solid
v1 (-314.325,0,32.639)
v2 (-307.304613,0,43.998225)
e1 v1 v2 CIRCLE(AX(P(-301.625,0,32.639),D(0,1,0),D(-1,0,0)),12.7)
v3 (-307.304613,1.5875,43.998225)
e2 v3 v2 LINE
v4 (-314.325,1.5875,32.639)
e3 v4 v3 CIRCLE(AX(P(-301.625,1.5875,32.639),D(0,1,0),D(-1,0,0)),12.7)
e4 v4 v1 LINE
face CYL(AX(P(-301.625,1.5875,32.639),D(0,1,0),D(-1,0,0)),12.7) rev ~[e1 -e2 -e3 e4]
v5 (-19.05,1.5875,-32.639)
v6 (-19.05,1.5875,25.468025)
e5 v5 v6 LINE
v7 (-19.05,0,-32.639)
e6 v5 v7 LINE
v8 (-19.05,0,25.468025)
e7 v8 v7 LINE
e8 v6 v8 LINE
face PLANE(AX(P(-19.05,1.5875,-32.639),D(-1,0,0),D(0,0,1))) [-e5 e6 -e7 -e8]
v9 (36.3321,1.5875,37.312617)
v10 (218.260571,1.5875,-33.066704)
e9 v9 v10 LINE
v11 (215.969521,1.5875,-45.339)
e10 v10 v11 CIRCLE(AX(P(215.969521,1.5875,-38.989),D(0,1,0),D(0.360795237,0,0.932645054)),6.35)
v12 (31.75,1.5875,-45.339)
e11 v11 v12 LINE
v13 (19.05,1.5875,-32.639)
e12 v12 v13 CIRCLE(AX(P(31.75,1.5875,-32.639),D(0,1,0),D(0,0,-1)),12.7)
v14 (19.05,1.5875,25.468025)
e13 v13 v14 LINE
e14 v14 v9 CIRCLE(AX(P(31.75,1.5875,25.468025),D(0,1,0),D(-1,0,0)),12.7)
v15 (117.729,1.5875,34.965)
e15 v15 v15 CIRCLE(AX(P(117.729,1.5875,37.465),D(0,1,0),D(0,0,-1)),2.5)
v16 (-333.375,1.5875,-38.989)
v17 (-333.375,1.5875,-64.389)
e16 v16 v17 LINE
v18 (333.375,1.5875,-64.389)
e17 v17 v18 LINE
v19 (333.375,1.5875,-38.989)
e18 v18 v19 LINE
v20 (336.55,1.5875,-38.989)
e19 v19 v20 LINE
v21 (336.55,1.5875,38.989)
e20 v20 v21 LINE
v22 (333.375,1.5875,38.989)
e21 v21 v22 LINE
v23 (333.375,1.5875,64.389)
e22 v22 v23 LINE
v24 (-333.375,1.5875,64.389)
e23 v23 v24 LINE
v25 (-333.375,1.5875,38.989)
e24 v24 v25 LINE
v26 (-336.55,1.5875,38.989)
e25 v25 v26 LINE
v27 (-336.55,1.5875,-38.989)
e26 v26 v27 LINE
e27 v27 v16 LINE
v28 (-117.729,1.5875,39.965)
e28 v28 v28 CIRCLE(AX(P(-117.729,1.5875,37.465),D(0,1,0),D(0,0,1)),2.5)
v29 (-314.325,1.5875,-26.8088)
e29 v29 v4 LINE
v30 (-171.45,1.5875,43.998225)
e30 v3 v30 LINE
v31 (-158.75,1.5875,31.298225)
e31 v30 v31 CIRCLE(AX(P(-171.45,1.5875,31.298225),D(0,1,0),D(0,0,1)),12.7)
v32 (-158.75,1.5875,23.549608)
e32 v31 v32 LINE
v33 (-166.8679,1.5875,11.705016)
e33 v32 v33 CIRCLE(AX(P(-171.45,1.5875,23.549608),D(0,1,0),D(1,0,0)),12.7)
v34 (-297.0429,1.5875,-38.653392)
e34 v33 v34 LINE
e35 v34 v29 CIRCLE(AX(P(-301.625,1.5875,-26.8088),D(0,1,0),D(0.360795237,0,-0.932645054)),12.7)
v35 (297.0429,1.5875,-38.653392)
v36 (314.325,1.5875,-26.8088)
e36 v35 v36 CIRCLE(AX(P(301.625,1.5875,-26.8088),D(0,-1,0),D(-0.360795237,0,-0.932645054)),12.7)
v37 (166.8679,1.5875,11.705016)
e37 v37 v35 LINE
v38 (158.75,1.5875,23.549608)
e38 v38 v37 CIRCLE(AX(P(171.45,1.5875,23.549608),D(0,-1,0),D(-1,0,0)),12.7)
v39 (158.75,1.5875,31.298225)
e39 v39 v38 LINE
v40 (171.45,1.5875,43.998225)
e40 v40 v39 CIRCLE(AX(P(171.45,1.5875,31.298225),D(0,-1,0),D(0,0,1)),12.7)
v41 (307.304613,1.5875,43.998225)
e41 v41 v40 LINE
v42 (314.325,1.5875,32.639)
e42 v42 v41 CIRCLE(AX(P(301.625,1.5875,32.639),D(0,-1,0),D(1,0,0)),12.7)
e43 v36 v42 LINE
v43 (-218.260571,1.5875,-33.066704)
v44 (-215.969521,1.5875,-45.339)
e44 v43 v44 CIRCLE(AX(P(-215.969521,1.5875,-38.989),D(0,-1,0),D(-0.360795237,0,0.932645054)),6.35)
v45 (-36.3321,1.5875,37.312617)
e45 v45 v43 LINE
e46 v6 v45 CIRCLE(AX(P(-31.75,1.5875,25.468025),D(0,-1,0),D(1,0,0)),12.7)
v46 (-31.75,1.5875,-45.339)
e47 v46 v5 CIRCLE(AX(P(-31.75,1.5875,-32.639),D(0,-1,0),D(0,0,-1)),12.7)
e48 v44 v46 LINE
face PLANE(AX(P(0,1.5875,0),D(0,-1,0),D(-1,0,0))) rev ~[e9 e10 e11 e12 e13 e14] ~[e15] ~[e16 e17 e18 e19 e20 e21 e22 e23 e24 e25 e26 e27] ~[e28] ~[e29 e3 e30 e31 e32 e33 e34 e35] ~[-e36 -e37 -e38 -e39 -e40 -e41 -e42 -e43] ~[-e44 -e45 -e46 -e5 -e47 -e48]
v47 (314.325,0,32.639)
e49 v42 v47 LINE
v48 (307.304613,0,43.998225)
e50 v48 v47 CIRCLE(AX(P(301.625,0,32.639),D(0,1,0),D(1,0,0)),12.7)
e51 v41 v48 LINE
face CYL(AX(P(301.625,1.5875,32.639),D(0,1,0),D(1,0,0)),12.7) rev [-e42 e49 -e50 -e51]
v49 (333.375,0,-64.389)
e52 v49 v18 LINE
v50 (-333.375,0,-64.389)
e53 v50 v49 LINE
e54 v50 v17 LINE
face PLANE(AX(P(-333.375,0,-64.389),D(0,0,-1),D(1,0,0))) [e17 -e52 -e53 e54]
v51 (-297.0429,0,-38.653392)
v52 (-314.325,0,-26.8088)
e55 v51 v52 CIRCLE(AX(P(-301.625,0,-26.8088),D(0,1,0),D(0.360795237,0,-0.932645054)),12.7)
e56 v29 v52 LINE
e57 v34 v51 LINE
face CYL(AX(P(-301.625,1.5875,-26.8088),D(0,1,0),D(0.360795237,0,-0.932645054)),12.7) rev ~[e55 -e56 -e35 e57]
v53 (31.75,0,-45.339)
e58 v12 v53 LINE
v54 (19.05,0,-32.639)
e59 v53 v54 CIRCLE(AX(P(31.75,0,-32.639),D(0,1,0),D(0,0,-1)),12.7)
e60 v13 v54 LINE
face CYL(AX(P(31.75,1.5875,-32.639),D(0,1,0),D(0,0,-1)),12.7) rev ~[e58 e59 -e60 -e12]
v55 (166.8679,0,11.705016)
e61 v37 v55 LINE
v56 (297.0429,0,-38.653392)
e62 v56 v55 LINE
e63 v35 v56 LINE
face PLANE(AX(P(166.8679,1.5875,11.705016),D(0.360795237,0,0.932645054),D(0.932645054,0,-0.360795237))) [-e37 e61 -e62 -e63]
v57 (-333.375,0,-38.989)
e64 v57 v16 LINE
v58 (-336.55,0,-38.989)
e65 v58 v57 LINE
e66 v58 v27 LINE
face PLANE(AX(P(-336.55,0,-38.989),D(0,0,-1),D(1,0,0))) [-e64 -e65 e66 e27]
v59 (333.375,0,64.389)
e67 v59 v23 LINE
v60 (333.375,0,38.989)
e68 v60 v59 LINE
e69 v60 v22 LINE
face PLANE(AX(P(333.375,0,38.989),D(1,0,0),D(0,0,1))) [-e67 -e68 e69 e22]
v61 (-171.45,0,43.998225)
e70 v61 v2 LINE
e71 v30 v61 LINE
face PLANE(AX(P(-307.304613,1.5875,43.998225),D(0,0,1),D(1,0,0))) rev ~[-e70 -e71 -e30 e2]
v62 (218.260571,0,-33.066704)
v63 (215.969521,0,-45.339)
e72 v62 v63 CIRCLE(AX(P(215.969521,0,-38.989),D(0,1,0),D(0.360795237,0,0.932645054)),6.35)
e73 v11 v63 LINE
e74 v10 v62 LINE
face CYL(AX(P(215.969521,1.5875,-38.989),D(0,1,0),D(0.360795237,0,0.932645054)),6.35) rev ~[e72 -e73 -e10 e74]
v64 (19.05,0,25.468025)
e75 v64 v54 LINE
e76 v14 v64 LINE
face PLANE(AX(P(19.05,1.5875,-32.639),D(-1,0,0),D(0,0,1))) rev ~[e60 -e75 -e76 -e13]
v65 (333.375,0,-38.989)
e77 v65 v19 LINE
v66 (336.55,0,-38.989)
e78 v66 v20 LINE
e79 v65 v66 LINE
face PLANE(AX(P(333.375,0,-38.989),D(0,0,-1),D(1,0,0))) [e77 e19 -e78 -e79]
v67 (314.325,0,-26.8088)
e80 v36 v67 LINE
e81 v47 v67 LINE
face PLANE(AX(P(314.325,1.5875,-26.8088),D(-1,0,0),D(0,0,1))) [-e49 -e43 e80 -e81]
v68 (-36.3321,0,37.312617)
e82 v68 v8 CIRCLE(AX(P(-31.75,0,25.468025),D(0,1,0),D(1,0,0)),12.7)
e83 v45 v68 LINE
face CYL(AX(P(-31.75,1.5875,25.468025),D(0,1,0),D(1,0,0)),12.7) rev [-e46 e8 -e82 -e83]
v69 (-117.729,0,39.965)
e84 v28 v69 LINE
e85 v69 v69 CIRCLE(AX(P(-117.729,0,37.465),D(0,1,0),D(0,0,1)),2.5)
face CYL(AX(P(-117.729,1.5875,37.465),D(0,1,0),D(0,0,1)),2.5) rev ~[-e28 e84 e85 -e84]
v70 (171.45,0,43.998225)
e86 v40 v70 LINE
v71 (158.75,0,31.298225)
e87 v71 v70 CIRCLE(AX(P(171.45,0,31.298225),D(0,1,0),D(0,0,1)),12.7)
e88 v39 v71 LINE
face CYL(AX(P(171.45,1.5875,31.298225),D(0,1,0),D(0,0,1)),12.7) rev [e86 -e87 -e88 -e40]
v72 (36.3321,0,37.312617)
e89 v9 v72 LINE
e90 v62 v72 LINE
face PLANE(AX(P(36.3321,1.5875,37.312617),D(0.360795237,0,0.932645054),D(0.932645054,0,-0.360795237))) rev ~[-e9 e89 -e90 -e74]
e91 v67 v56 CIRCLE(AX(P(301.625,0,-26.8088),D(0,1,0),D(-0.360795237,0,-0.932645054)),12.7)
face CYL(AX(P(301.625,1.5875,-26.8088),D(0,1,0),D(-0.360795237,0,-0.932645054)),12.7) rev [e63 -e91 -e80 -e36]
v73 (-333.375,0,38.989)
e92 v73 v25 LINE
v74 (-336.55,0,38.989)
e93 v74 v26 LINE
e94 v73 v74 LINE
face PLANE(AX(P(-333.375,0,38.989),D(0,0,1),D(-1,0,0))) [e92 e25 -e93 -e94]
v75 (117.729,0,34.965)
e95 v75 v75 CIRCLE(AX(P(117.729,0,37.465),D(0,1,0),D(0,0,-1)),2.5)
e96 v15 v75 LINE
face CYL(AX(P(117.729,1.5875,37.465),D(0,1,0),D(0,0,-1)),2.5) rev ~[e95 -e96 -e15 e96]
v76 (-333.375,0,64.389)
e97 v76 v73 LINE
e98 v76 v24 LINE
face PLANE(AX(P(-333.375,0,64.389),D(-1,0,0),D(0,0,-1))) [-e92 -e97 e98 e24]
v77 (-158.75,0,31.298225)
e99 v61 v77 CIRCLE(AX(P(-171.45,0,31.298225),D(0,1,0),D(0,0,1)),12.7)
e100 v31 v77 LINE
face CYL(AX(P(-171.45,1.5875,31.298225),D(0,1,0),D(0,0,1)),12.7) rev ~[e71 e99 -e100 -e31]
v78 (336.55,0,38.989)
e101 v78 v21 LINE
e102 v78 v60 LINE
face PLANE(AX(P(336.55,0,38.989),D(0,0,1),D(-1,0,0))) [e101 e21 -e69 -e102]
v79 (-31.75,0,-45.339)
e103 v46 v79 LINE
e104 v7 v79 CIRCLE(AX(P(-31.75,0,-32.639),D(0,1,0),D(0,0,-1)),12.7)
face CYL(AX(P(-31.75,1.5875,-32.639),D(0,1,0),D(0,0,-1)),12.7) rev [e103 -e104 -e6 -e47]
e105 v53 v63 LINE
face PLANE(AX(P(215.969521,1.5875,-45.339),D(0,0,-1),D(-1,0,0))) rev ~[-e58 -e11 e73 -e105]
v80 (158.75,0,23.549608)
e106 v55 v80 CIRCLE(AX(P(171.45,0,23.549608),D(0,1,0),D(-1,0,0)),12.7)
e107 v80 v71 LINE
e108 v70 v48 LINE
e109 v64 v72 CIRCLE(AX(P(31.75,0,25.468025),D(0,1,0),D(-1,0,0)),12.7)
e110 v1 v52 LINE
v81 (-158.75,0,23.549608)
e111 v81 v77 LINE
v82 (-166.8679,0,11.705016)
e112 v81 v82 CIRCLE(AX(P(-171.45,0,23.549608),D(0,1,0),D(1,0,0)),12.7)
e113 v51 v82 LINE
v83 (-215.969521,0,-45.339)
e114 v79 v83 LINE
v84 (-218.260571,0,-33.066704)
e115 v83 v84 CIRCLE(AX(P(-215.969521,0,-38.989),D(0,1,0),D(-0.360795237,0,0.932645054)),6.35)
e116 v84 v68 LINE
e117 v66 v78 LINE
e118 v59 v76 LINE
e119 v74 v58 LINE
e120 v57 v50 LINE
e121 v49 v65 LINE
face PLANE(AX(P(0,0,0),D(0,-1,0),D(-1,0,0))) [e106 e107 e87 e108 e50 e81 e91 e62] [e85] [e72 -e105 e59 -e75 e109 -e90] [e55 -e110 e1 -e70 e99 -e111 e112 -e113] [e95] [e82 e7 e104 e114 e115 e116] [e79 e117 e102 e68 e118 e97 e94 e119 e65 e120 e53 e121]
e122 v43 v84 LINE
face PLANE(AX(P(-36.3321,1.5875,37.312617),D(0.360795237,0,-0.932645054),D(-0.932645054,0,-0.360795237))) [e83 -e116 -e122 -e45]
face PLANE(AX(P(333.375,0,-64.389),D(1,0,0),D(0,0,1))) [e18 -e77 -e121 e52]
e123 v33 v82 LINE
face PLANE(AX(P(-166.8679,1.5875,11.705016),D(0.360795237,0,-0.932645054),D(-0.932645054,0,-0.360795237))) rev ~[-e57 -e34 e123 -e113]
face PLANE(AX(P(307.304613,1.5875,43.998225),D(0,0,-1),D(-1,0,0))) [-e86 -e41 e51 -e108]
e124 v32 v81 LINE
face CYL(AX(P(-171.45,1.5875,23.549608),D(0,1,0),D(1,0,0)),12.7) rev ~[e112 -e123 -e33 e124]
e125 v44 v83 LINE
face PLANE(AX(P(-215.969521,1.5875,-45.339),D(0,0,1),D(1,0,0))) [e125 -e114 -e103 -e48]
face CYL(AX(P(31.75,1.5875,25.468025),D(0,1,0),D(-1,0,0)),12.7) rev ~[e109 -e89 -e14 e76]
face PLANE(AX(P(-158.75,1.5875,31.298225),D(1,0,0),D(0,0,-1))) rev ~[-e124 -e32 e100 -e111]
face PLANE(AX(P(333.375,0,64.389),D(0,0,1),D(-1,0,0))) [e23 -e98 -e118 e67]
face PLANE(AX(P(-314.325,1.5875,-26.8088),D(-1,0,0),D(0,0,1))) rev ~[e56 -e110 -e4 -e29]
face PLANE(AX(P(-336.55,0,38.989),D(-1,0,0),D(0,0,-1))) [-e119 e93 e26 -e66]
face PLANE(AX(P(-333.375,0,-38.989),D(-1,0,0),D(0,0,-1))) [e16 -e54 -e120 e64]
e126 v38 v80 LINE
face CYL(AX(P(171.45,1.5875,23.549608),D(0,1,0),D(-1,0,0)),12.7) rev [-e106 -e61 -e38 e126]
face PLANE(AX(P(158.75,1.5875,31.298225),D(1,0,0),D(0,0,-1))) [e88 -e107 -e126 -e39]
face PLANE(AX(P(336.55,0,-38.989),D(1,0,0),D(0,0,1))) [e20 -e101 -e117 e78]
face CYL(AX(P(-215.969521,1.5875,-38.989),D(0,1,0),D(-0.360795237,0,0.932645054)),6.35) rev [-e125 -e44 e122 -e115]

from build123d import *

# Parameters (mm, degrees)
BOSS_EXTRUDE1_DEPTH = 1.5875
CUT_EXTRUDE2_DEPTH  = 343.657797193
SKETCH4_R           = 2.5
CUT_EXTRUDE3_DEPTH  = 343.657797193


with BuildPart() as part:
    # Sketch1 → Boss-Extrude1 (new body)
    with BuildSketch(Plane(origin=(0, 0, 0), x_dir=(1, 0, 0), z_dir=(0, 1, 0))):
        Polygon((-333.375, 38.989), (-333.375, 64.389), (333.375, 64.389), (333.375, 38.989), (336.55, 38.989), (336.55, -38.989), (333.375, -38.989), (333.375, -64.389), (-333.375, -64.389), (-333.375, -38.989), (-336.55, -38.989), (-336.55, 38.989), align=None)
    extrude(amount=BOSS_EXTRUDE1_DEPTH)

    # Sketch3 → Cut-Extrude2 (cut, through all)
    with BuildSketch(Plane(origin=(0, 1.5875, 0), x_dir=(1, 0, 0), z_dir=(0, 1, 0))):
        with BuildLine():
            Line((-314.325, 26.808799864), (-314.325, -32.639))
            ThreePointArc((-314.325, -32.639), (-312.428265266, -39.315785124), (-307.304612663, -43.998225326))
            Line((-307.304612663, -43.998225326), (-171.45, -43.998225326))
            ThreePointArc((-171.45, -43.998225326), (-162.469743879, -40.278481447), (-158.75, -31.298225326))
            Line((-158.75, -31.298225326), (-158.75, -23.549607936))
            ThreePointArc((-158.75, -23.549607936), (-160.974250295, -16.369867821), (-166.867900491, -11.705015748))
            Line((-166.867900491, -11.705015748), (-297.042900491, 38.653392051))
            ThreePointArc((-297.042900491, 38.653392051), (-308.804740115, 37.284549569), (-314.325, 26.808799864))
        make_face()
        with BuildLine():
            Line((-215.969521054, 45.339), (-31.75, 45.339))
            ThreePointArc((-31.75, 45.339), (-22.769743879, 41.619256121), (-19.05, 32.639))
            Line((-19.05, 32.639), (-19.05, -25.46802519))
            ThreePointArc((-19.05, -25.46802519), (-24.570259885, -35.943774895), (-36.332099509, -37.312617377))
            Line((-36.332099509, -37.312617377), (-218.260570808, 33.066703906))
            ThreePointArc((-218.260570808, 33.066703906), (-222.211679342, 40.154315366), (-215.969521054, 45.339))
        make_face()
        with BuildLine():
            Line((36.332099509, -37.312617377), (218.260570808, 33.066703906))
            ThreePointArc((218.260570808, 33.066703906), (222.211679342, 40.154315366), (215.969521054, 45.339))
            Line((215.969521054, 45.339), (31.75, 45.339))
            ThreePointArc((31.75, 45.339), (22.769743879, 41.619256121), (19.05, 32.639))
            Line((19.05, 32.639), (19.05, -25.46802519))
            ThreePointArc((19.05, -25.46802519), (24.570259885, -35.943774895), (36.332099509, -37.312617377))
        make_face()
        with BuildLine():
            Line((314.325, 26.808799864), (314.325, -32.639))
            ThreePointArc((314.325, -32.639), (312.428265266, -39.315785124), (307.304612663, -43.998225326))
            Line((307.304612663, -43.998225326), (171.45, -43.998225326))
            ThreePointArc((171.45, -43.998225326), (162.469743879, -40.278481447), (158.75, -31.298225326))
            Line((158.75, -31.298225326), (158.75, -23.549607936))
            ThreePointArc((158.75, -23.549607936), (160.974250295, -16.369867821), (166.867900491, -11.705015748))
            Line((166.867900491, -11.705015748), (297.042900491, 38.653392051))
            ThreePointArc((297.042900491, 38.653392051), (308.804740115, 37.284549569), (314.325, 26.808799864))
        make_face()
    extrude(amount=-CUT_EXTRUDE2_DEPTH, mode=Mode.SUBTRACT)

    # Sketch4 → Cut-Extrude3 (cut, through all)
    with BuildSketch(Plane(origin=(0, 1.5875, 0), x_dir=(1, 0, 0), z_dir=(0, 1, 0))):
        with Locations(Location((-117.729, -37.465, 0), (0, 0, 270))):
            Circle(SKETCH4_R)
        with Locations(Location((117.729, -37.465, 0), (0, 0, 90))):
            Circle(SKETCH4_R)
    extrude(amount=-CUT_EXTRUDE3_DEPTH, mode=Mode.SUBTRACT)


solid = part.part
